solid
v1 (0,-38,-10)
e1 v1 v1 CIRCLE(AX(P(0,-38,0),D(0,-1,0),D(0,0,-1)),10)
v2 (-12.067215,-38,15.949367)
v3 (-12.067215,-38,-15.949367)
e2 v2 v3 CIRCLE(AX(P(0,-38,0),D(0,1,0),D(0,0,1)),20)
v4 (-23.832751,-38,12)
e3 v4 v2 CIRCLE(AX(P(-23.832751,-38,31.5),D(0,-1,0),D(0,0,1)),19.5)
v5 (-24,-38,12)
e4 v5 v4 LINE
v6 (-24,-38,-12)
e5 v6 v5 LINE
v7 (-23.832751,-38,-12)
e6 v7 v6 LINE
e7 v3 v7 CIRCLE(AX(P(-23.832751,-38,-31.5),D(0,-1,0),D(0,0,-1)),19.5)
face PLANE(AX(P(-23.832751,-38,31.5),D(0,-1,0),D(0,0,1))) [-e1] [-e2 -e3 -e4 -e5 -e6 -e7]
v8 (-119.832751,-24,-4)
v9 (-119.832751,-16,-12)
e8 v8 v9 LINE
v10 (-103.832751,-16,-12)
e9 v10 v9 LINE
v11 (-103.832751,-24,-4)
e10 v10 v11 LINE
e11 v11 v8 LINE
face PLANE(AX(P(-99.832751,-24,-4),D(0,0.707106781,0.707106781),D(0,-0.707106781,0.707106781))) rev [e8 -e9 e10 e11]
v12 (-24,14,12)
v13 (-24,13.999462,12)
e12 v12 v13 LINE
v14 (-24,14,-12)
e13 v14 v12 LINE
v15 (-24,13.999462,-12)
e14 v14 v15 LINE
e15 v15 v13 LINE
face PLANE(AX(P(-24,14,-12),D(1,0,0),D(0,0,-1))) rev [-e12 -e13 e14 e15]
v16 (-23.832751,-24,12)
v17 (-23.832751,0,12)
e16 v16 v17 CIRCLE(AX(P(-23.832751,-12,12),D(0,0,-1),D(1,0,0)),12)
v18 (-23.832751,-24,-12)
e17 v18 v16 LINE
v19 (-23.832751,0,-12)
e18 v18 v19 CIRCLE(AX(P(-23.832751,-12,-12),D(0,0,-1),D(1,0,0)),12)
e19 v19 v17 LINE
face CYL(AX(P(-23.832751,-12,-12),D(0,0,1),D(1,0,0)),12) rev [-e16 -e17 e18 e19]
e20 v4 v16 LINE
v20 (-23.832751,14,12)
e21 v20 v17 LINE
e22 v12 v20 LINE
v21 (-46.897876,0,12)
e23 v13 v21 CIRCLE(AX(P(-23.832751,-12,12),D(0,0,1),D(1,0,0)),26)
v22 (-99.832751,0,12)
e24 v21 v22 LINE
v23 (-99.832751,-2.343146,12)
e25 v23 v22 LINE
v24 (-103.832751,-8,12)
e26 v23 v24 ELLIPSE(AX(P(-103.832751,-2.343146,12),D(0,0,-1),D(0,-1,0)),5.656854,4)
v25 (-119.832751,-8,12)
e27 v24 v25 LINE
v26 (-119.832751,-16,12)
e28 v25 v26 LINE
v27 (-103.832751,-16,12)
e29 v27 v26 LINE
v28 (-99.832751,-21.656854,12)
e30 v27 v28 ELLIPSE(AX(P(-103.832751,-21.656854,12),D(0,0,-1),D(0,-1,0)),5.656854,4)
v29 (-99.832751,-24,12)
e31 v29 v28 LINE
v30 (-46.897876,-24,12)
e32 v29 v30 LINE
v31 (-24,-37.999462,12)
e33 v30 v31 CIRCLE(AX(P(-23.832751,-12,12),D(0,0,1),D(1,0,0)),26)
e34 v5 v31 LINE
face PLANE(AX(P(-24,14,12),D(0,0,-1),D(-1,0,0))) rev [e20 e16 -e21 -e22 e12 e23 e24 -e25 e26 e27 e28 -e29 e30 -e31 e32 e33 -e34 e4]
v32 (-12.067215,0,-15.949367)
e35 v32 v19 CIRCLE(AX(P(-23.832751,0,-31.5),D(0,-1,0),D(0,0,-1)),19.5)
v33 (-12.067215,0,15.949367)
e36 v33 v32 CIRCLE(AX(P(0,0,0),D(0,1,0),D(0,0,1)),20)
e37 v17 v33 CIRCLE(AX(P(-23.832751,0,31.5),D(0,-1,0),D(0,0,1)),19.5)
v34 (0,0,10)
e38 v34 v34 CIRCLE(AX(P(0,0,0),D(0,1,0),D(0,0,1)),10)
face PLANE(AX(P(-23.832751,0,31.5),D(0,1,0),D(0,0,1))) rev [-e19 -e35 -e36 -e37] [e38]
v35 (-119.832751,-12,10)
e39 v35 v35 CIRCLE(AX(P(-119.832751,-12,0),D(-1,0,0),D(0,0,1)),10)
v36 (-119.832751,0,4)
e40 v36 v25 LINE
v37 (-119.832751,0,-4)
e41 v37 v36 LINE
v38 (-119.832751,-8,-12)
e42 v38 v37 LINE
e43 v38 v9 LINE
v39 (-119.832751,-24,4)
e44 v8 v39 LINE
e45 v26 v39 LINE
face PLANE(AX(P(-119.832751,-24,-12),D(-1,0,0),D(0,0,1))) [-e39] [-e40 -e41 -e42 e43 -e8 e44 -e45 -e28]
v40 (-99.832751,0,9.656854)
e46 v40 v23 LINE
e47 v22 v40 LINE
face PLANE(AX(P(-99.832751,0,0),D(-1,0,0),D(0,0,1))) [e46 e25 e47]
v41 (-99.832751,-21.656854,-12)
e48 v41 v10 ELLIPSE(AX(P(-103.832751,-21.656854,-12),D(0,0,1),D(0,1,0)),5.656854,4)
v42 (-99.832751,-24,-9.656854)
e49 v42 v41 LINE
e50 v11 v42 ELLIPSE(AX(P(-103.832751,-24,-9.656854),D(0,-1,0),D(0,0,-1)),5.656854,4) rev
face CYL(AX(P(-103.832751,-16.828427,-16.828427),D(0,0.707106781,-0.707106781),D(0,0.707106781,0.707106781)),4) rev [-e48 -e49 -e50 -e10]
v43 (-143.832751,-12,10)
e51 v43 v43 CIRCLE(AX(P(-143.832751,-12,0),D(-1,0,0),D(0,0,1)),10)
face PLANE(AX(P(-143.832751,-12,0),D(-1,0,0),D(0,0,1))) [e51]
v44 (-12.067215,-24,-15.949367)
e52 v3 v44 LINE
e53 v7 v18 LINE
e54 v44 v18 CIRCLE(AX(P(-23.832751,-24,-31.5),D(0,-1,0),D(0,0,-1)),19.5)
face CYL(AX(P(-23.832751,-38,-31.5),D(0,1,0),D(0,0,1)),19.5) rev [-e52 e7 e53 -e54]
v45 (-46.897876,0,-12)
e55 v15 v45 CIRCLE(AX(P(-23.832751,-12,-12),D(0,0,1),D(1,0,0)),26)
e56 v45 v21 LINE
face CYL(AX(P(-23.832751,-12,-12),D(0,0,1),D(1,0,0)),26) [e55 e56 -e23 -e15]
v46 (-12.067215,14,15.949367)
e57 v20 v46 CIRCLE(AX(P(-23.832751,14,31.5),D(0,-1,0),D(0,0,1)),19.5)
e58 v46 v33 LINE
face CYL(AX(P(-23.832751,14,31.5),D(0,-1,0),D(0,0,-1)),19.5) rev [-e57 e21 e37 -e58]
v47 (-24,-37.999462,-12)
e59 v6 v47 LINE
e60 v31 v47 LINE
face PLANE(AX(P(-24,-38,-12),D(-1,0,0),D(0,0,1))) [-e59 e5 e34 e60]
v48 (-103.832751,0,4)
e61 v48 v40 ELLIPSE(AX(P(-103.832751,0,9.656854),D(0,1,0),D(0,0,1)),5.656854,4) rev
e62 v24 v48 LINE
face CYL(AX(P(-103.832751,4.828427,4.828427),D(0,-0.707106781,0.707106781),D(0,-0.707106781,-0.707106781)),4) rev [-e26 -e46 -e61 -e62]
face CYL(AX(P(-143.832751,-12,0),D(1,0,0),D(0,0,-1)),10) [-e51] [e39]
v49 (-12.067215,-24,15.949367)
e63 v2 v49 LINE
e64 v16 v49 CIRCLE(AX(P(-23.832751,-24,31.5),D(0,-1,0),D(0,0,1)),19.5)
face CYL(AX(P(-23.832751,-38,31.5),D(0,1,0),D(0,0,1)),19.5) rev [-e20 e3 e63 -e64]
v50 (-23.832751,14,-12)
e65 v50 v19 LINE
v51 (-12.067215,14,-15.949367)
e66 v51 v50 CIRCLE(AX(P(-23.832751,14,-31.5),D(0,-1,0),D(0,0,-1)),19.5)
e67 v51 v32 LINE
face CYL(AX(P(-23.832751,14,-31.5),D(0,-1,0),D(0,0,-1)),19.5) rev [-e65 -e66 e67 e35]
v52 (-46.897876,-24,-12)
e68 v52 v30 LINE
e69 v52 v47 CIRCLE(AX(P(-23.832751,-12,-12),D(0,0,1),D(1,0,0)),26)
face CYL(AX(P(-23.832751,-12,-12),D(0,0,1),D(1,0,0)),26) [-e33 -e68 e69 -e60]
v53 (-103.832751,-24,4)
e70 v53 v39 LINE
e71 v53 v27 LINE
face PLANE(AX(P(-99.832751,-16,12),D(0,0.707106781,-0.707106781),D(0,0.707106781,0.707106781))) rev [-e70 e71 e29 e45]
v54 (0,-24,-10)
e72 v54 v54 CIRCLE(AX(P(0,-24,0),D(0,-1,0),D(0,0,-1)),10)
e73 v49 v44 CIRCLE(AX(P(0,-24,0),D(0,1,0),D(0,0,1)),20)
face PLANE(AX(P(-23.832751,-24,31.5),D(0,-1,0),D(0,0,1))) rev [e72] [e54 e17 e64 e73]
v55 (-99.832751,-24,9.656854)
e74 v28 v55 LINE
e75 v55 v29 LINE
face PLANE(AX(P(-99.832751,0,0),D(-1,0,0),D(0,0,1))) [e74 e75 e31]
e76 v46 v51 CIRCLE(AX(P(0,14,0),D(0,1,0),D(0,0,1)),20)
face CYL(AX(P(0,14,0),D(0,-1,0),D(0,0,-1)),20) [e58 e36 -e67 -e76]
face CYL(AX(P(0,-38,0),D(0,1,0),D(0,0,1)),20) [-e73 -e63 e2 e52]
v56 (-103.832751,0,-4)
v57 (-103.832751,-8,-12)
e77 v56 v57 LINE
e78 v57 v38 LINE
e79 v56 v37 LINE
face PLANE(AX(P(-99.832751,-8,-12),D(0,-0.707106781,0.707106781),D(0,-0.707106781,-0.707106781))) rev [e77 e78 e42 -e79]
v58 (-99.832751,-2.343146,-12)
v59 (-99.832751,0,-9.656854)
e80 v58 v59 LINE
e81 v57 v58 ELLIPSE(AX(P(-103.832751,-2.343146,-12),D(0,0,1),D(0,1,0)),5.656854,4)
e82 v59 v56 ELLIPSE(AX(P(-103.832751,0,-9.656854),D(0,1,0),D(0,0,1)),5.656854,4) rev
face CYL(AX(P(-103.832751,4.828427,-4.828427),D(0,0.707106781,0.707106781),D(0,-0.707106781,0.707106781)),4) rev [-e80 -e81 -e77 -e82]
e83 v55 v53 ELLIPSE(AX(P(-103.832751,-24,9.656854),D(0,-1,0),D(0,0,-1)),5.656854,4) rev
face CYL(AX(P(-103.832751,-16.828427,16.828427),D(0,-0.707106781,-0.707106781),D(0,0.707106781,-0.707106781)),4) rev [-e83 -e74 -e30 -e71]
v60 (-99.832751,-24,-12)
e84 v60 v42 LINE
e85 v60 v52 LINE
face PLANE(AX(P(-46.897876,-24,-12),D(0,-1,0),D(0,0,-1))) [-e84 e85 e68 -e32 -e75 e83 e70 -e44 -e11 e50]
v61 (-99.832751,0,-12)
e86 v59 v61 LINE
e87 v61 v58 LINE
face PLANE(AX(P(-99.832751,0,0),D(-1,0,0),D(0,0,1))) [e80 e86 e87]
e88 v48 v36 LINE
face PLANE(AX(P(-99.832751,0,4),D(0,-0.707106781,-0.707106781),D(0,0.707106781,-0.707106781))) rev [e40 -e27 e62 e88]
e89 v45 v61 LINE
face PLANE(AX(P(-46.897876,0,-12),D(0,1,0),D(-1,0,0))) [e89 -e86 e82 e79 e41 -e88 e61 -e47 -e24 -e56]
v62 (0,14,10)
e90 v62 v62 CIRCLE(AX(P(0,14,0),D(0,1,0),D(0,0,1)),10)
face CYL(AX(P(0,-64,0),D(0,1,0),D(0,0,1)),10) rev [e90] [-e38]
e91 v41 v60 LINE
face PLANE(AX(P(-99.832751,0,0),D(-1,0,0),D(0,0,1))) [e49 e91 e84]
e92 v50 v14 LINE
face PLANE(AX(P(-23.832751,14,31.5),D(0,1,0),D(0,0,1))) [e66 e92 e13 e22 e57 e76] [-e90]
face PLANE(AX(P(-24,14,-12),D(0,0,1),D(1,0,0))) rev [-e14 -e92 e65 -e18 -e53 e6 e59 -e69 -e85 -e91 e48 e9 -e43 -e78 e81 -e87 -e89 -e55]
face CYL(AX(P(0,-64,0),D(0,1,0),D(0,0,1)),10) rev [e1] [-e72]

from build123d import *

# Parameters (mm, degrees)
BOSS_EXTRUDE1_DEPTH      = 14
BOSS_EXTRUDE2_DEPTH      = 12
BOSS_EXTRUDE2_DEPTH_BACK = 12
CUT_EXTRUDE1_DEPTH       = 20
FILLET1_R                = 4
SKETCH5_R                = 10
BOSS_EXTRUDE3_DEPTH      = 24
SKETCH6_R                = 10
CUT_EXTRUDE2_DEPTH       = 78


with BuildPart() as part:
    # Sketch1 → Boss-Extrude1 (new body)
    with BuildSketch(Plane(origin=(0, 0, 0), x_dir=(1, 0, 0), z_dir=(0, 1, 0))):
        with BuildLine():
            Line((-24, 12), (-24, -12))
            Line((-24, -12), (-23.832750576, -12))
            ThreePointArc((-23.832750576, -12), (-17.627403759, -13.013689636), (-12.067215481, -15.949367089))
            ThreePointArc((-12.067215481, -15.949367089), (20, 0), (-12.067215481, 15.949367089))
            ThreePointArc((-12.067215481, 15.949367089), (-17.627403759, 13.013689636), (-23.832750576, 12))
            Line((-23.832750576, 12), (-24, 12))
        make_face()
    boss_extrude1 = extrude(amount=BOSS_EXTRUDE1_DEPTH)

    # Sketch3 → Boss-Extrude2 (add, two sides: drawn at the far end of the back side and taken through both)
    with BuildSketch(Plane.XY.offset(-BOSS_EXTRUDE2_DEPTH_BACK)):
        with BuildLine():
            Line((-46.897875765, 0), (-119.832750576, 0))
            Line((-119.832750576, 0), (-119.832750576, -24))
            Line((-119.832750576, -24), (-46.897875765, -24))
            ThreePointArc((-46.897875765, -24), (-37.323488139, -34.226110771), (-23.832750576, -38))
            Line((-23.832750576, -38), (-23.832750576, -24))
            ThreePointArc((-23.832750576, -24), (-35.832750576, -12), (-23.832750576, 0))
            Line((-23.832750576, 0), (-23.832750576, 14))
            ThreePointArc((-23.832750576, 14), (-37.323488139, 10.226110771), (-46.897875765, 0))
        make_face()
    extrude(amount=BOSS_EXTRUDE2_DEPTH + BOSS_EXTRUDE2_DEPTH_BACK)

    # Sketch4 → Cut-Extrude1 (cut)
    with BuildSketch(Plane.ZY.offset(119.832750576)):
        Polygon((-12, 0), (-4, 0), (-12, -8), align=None)
        Polygon((4, 0), (12, -8), (12, 0), align=None)
        Polygon((12, -16), (4, -24), (12, -24), align=None)
        Polygon((-4, -24), (-12, -16), (-12, -24), align=None)
    extrude(amount=-CUT_EXTRUDE1_DEPTH, mode=Mode.SUBTRACT)

    # Fillet1
    fillet1_edges = [part.edges().sort_by_distance(p)[0] for p in [
        (-99.832750576, -20, -8),
        (-99.832750576, -20, 8),
        (-99.832750576, -4, 8),
        (-99.832750576, -4, -8),
    ]]
    fillet(fillet1_edges, radius=FILLET1_R)

    # Sketch5 → Boss-Extrude3 (add)
    with BuildSketch(Plane.ZY.offset(119.832750576)):
        with Locations((0, -12)):
            Circle(SKETCH5_R)
    extrude(amount=BOSS_EXTRUDE3_DEPTH)

    # Mirror1: Boss-Extrude1 across plane
    add(boss_extrude1.mirror(Plane.ZX.offset(-12)))

    # Sketch6 → Cut-Extrude2 (cut)
    with BuildSketch(Plane(origin=(0, 14, 0), x_dir=(1, 0, 0), z_dir=(0, 1, 0))):
        with Locations(Location((0, 0, 0), (0, 0, 90))):
            Circle(SKETCH6_R)
    extrude(amount=-CUT_EXTRUDE2_DEPTH, mode=Mode.SUBTRACT)


solid = part.part
